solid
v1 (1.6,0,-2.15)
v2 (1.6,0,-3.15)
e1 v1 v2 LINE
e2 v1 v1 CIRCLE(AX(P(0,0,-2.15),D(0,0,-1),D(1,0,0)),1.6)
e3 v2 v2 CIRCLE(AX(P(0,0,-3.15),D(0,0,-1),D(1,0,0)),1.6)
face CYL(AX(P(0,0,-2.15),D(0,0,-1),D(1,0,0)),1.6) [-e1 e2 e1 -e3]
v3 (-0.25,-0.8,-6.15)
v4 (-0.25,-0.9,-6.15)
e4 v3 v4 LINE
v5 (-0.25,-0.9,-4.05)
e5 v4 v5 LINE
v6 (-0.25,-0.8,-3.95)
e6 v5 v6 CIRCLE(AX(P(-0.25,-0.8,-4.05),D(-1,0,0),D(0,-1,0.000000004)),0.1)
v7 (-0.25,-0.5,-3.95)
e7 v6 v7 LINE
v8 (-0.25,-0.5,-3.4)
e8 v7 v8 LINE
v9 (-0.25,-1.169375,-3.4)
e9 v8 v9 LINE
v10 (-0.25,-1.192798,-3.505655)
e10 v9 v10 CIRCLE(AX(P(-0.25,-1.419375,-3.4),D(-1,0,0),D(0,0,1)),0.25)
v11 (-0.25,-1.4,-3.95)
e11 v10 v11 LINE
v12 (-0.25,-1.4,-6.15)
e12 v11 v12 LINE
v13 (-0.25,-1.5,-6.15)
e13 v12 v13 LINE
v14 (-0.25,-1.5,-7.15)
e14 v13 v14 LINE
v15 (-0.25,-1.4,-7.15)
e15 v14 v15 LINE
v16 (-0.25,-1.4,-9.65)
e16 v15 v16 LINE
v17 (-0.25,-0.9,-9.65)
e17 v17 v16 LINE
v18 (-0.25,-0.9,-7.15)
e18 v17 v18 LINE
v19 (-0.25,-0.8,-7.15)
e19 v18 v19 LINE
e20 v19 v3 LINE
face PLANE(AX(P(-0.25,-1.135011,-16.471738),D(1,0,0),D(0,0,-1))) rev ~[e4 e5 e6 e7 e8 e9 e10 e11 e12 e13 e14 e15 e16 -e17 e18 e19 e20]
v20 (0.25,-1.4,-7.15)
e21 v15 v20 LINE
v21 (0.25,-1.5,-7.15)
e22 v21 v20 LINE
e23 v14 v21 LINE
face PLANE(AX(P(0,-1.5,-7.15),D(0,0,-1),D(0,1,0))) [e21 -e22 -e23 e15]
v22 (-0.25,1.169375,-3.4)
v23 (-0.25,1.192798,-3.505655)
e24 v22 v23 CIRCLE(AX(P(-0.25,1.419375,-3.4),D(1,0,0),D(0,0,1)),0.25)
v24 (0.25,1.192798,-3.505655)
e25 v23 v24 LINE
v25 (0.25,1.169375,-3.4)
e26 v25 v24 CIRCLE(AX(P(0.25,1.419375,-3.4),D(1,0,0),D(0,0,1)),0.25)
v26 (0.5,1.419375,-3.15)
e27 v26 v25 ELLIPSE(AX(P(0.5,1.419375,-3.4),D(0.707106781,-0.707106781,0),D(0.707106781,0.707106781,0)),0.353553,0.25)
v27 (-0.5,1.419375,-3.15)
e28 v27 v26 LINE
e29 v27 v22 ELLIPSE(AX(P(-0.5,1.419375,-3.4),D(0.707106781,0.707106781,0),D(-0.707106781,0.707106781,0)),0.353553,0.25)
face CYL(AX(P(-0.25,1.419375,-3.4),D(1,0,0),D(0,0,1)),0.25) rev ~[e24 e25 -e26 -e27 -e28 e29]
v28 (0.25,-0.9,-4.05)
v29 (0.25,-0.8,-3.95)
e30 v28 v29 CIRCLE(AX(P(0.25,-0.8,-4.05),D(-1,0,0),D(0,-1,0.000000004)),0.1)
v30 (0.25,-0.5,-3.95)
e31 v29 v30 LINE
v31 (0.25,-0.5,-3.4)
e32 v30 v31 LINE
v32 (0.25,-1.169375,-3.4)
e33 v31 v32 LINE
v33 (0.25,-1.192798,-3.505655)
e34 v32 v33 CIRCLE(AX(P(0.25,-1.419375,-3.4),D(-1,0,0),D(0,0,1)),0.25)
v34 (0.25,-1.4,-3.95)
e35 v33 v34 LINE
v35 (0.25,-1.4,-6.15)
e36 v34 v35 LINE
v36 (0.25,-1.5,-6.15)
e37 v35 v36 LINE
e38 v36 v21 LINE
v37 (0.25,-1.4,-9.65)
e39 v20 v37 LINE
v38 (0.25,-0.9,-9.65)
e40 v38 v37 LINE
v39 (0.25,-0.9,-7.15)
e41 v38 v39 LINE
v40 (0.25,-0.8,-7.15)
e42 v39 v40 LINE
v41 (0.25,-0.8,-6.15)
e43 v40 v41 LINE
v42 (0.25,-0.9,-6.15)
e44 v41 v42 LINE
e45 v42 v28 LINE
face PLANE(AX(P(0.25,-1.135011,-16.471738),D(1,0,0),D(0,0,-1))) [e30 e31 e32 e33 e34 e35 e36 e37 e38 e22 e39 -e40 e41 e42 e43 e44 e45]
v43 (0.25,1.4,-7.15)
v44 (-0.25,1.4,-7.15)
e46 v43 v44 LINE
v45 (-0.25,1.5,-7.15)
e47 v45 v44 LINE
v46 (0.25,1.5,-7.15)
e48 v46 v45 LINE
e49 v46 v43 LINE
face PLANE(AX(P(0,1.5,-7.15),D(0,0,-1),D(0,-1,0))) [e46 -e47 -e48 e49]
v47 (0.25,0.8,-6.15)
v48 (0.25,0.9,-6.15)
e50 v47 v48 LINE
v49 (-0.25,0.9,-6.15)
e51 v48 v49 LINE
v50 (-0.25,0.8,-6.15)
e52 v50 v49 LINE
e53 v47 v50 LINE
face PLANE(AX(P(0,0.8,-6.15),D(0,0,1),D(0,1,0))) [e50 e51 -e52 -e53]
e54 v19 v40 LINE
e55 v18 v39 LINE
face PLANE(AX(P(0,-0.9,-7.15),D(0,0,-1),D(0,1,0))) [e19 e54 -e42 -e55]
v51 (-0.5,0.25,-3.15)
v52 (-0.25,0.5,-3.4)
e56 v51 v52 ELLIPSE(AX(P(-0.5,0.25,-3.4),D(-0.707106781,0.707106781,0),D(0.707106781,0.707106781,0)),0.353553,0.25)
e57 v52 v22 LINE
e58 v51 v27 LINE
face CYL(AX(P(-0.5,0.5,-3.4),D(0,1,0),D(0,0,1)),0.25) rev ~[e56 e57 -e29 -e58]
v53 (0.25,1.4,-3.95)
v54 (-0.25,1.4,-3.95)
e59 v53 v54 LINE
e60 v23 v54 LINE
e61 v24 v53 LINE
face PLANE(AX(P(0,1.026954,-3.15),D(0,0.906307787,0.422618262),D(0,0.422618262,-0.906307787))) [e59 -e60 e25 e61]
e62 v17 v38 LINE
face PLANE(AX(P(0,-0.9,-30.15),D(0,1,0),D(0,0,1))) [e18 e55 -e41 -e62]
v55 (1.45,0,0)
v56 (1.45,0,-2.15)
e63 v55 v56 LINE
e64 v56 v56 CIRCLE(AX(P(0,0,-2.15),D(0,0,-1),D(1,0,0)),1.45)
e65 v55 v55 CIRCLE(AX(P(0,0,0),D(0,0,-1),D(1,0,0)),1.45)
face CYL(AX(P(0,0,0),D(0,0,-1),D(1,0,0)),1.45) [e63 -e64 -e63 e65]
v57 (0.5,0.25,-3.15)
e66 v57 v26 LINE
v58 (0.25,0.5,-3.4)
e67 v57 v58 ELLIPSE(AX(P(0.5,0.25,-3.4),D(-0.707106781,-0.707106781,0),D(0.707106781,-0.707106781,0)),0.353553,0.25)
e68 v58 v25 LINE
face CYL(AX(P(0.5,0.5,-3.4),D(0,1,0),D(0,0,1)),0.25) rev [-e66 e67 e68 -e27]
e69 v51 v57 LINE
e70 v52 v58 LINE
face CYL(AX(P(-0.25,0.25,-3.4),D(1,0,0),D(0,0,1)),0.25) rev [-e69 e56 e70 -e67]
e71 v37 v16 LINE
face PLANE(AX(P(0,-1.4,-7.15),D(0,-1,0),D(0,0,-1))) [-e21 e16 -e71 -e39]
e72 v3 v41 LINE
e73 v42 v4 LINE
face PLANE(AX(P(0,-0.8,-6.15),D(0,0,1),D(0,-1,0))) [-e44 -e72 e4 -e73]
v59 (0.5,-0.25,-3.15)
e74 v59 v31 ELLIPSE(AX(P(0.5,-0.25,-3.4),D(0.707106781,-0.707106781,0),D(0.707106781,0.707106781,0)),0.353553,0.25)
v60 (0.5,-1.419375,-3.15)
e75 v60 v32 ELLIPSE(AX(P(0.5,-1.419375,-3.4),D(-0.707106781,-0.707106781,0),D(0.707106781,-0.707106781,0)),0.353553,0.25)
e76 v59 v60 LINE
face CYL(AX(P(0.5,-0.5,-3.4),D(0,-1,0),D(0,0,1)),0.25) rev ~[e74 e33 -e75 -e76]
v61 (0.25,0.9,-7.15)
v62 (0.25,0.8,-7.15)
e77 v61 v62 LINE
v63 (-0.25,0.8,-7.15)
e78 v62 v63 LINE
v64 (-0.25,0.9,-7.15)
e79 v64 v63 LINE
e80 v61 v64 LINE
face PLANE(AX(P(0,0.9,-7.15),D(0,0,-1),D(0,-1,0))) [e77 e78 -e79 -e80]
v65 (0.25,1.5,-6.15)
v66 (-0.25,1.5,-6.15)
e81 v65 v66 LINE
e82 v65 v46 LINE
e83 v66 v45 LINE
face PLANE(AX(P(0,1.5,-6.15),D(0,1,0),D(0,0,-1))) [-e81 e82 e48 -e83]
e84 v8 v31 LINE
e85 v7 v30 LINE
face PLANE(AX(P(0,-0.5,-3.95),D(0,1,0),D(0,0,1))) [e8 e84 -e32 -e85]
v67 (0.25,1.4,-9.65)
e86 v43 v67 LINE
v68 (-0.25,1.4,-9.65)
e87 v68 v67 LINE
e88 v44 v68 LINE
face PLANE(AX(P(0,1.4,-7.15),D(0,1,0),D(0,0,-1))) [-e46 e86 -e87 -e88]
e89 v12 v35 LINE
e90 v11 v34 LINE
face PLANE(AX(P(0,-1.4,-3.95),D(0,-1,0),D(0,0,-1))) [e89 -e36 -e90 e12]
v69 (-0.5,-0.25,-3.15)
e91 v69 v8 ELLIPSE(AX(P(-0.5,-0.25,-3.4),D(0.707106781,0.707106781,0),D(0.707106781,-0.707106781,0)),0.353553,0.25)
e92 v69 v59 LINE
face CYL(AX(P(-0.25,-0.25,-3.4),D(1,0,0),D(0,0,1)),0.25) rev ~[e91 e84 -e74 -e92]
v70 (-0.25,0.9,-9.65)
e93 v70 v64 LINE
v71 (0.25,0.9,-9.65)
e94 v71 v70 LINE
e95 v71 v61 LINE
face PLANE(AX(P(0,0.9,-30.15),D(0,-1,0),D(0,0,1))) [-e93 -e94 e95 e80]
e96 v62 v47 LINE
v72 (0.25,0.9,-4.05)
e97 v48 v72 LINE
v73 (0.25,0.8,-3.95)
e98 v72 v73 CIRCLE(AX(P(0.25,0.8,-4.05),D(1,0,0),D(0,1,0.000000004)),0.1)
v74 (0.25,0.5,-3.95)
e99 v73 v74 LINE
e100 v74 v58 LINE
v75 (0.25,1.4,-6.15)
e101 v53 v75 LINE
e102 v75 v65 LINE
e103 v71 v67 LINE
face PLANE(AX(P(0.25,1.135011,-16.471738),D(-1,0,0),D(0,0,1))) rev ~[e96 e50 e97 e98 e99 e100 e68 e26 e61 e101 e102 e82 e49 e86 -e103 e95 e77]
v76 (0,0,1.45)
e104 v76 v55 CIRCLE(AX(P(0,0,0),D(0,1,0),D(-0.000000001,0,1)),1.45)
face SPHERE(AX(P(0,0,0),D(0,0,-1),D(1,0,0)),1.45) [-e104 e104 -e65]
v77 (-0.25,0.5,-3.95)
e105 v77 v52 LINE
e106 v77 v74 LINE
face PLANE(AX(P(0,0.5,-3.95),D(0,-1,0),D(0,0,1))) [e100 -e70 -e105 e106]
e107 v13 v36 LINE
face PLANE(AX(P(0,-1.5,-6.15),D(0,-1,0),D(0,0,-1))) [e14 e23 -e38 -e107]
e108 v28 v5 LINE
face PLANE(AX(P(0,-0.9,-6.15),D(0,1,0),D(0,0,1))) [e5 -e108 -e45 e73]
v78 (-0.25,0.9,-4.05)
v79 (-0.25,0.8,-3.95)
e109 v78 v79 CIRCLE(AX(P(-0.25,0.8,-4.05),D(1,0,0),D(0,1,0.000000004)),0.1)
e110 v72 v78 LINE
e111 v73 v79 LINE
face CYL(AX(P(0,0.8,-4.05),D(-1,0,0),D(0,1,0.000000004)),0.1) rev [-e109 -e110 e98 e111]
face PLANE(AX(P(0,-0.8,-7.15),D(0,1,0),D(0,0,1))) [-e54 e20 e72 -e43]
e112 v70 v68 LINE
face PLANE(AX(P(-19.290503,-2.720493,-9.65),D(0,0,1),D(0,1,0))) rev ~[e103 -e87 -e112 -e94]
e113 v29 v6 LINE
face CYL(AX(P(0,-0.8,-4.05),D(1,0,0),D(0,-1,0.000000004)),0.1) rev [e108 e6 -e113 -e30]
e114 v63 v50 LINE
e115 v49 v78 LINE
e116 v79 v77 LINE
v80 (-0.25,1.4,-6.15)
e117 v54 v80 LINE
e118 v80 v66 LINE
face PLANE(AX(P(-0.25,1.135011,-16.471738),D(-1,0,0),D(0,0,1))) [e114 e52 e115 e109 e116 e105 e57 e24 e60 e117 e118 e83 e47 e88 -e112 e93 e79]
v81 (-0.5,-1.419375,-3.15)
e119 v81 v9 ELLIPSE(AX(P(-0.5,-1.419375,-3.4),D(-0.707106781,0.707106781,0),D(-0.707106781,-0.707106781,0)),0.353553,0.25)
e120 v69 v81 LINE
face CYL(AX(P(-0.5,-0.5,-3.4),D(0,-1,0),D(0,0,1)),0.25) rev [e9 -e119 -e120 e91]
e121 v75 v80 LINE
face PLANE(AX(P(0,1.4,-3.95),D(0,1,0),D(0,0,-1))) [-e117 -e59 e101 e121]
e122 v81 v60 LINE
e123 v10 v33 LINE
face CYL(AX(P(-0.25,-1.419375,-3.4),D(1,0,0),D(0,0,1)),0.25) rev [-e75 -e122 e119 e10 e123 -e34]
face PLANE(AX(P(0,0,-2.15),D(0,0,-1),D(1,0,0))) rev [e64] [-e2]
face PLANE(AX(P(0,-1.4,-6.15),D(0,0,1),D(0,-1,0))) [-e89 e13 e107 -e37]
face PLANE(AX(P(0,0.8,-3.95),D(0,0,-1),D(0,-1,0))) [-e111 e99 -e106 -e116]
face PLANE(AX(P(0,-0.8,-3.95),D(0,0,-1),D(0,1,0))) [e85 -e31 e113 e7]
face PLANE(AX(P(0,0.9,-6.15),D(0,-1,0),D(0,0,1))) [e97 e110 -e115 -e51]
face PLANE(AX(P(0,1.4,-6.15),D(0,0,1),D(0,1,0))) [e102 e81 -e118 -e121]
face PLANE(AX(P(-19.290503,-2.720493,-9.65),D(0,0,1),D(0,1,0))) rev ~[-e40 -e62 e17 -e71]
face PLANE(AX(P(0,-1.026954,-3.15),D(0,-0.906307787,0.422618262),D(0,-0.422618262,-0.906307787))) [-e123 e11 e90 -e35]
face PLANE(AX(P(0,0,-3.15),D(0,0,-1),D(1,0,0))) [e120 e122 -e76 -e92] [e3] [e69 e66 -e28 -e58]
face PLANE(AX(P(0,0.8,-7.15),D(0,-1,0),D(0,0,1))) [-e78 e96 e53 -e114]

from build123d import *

# Parameters (mm, degrees)
EXTRUDE1_DEPTH          = 0.25
FILLET1_R               = 0.25
CUT_EXTRUDE1_DEPTH      = 31.234789562
CUT_EXTRUDE1_DEPTH_BACK = 31.234789562
SKETCH3_W               = 12.882415547
SKETCH3_H               = 2.8
CUT_EXTRUDE2_DEPTH      = 19.290502996
CUT_EXTRUDE2_DEPTH_BACK = 19.290502996
SKETCH4_W               = 11.746427447
SKETCH4_H               = 5.813888333


with BuildPart() as part:
    # Sketch1 → Revolve1 (revolve)
    with BuildSketch(Plane(origin=(0, 0, 0), x_dir=(0, 0, -1), z_dir=(1, 0, 0)), mode=Mode.PRIVATE) as revolve1_sk:
        with BuildLine():
            Line((0, 1.45), (2.15, 1.45))
            Line((2.15, 1.45), (2.15, 1.599999975))
            Line((2.15, 1.599999975), (3.15, 1.599999975))
            Line((3.15, 1.599999975), (3.15, 0))
            Line((3.15, 0), (-1.45, 0))
            ThreePointArc((-1.45, 0), (-1.025304833, 1.025304833), (0, 1.45))
        make_face()
    revolve(revolve1_sk.sketch.rotate(Axis((0, 0, 0), (0, 0, -1)), 90), axis=Axis((0, 0, 0), (0, 0, -1)))

    # Sketch2 → Extrude1 (add, symmetric)
    with BuildSketch(Plane(origin=(0, 0, 0), x_dir=(0, 0, -1), z_dir=(1, 0, 0))):
        with BuildLine():
            Line((3.15, 1.026953873), (3.95, 1.4))
            Line((3.95, 1.4), (6.15, 1.4))
            Line((6.15, 1.4), (6.15, 1.5))
            Line((6.15, 1.5), (7.15, 1.5))
            Line((7.15, 1.5), (7.15, 1.4))
            Line((7.15, 1.4), (30.15, 1.4))
            Line((30.15, 1.4), (30.15, 0.9))
            Line((30.15, 0.9), (7.15, 0.9))
            Line((7.15, 0.9), (7.15, 0.8))
            Line((7.15, 0.8), (6.15, 0.8))
            Line((6.15, 0.8), (6.15, 0.9))
            Line((6.15, 0.9), (4.05, 0.9))
            ThreePointArc((4.05, 0.9), (3.979289322, 0.870710678), (3.95, 0.8))
            Line((3.95, 0.8), (3.95, 0.5))
            Line((3.95, 0.5), (3.15, 0.5))
            Line((3.15, 0.5), (3.15, 1.026953873))
        make_face()
        with BuildLine():
            Line((3.95, -0.8), (3.95, -0.5))
            Line((3.95, -0.5), (3.15, -0.5))
            Line((3.15, -0.5), (3.15, -1.026953873))
            Line((3.15, -1.026953873), (3.95, -1.4))
            Line((3.95, -1.4), (6.15, -1.4))
            Line((6.15, -1.4), (6.15, -1.5))
            Line((6.15, -1.5), (7.15, -1.5))
            Line((7.15, -1.5), (7.15, -1.4))
            Line((7.15, -1.4), (30.15, -1.4))
            Line((30.15, -1.4), (30.15, -0.9))
            Line((30.15, -0.9), (7.15, -0.9))
            Line((7.15, -0.9), (7.15, -0.8))
            Line((7.15, -0.8), (6.15, -0.8))
            Line((6.15, -0.8), (6.15, -0.9))
            Line((6.15, -0.9), (4.05, -0.9))
            ThreePointArc((4.05, -0.9), (3.979289322, -0.870710678), (3.95, -0.8))
        make_face()
    extrude(amount=EXTRUDE1_DEPTH, both=True)

    # Fillet1
    fillet1_edges = [part.edges().sort_by_distance(p)[0] for p in [
        (-0.25, 0.763476937, -3.15),
        (0, 1.026953873, -3.15),
        (0, 0.5, -3.15),
        (0.25, 0.763476937, -3.15),
        (-0.25, -0.763476937, -3.15),
        (0, -0.5, -3.15),
        (0, -1.026953873, -3.15),
        (0.25, -0.763476937, -3.15),
    ]]
    fillet(fillet1_edges, radius=FILLET1_R)

    # Sketch3 → Cut-Extrude1 (cut, two sides: drawn at the far end of the back side and taken through both)
    with BuildSketch(Plane(origin=(0, 0, 0), x_dir=(0, 0, -1), z_dir=(1, 0, 0)).offset(-CUT_EXTRUDE1_DEPTH_BACK)):
        with Locations((24.591207774, 0)):
            Rectangle(SKETCH3_W, SKETCH3_H)
    extrude(amount=CUT_EXTRUDE1_DEPTH + CUT_EXTRUDE1_DEPTH_BACK, mode=Mode.SUBTRACT)

    # Sketch4 → Cut-Extrude2 (cut, two sides: drawn at the far end of the back side and taken through both)
    with BuildSketch(Plane(origin=(0, 0, 0), x_dir=(0, 0, -1), z_dir=(1, 0, 0)).offset(-CUT_EXTRUDE2_DEPTH_BACK)):
        with Locations((15.523213723, 0.186451229)):
            Rectangle(SKETCH4_W, SKETCH4_H)
    extrude(amount=CUT_EXTRUDE2_DEPTH + CUT_EXTRUDE2_DEPTH_BACK, mode=Mode.SUBTRACT)


solid = part.part
